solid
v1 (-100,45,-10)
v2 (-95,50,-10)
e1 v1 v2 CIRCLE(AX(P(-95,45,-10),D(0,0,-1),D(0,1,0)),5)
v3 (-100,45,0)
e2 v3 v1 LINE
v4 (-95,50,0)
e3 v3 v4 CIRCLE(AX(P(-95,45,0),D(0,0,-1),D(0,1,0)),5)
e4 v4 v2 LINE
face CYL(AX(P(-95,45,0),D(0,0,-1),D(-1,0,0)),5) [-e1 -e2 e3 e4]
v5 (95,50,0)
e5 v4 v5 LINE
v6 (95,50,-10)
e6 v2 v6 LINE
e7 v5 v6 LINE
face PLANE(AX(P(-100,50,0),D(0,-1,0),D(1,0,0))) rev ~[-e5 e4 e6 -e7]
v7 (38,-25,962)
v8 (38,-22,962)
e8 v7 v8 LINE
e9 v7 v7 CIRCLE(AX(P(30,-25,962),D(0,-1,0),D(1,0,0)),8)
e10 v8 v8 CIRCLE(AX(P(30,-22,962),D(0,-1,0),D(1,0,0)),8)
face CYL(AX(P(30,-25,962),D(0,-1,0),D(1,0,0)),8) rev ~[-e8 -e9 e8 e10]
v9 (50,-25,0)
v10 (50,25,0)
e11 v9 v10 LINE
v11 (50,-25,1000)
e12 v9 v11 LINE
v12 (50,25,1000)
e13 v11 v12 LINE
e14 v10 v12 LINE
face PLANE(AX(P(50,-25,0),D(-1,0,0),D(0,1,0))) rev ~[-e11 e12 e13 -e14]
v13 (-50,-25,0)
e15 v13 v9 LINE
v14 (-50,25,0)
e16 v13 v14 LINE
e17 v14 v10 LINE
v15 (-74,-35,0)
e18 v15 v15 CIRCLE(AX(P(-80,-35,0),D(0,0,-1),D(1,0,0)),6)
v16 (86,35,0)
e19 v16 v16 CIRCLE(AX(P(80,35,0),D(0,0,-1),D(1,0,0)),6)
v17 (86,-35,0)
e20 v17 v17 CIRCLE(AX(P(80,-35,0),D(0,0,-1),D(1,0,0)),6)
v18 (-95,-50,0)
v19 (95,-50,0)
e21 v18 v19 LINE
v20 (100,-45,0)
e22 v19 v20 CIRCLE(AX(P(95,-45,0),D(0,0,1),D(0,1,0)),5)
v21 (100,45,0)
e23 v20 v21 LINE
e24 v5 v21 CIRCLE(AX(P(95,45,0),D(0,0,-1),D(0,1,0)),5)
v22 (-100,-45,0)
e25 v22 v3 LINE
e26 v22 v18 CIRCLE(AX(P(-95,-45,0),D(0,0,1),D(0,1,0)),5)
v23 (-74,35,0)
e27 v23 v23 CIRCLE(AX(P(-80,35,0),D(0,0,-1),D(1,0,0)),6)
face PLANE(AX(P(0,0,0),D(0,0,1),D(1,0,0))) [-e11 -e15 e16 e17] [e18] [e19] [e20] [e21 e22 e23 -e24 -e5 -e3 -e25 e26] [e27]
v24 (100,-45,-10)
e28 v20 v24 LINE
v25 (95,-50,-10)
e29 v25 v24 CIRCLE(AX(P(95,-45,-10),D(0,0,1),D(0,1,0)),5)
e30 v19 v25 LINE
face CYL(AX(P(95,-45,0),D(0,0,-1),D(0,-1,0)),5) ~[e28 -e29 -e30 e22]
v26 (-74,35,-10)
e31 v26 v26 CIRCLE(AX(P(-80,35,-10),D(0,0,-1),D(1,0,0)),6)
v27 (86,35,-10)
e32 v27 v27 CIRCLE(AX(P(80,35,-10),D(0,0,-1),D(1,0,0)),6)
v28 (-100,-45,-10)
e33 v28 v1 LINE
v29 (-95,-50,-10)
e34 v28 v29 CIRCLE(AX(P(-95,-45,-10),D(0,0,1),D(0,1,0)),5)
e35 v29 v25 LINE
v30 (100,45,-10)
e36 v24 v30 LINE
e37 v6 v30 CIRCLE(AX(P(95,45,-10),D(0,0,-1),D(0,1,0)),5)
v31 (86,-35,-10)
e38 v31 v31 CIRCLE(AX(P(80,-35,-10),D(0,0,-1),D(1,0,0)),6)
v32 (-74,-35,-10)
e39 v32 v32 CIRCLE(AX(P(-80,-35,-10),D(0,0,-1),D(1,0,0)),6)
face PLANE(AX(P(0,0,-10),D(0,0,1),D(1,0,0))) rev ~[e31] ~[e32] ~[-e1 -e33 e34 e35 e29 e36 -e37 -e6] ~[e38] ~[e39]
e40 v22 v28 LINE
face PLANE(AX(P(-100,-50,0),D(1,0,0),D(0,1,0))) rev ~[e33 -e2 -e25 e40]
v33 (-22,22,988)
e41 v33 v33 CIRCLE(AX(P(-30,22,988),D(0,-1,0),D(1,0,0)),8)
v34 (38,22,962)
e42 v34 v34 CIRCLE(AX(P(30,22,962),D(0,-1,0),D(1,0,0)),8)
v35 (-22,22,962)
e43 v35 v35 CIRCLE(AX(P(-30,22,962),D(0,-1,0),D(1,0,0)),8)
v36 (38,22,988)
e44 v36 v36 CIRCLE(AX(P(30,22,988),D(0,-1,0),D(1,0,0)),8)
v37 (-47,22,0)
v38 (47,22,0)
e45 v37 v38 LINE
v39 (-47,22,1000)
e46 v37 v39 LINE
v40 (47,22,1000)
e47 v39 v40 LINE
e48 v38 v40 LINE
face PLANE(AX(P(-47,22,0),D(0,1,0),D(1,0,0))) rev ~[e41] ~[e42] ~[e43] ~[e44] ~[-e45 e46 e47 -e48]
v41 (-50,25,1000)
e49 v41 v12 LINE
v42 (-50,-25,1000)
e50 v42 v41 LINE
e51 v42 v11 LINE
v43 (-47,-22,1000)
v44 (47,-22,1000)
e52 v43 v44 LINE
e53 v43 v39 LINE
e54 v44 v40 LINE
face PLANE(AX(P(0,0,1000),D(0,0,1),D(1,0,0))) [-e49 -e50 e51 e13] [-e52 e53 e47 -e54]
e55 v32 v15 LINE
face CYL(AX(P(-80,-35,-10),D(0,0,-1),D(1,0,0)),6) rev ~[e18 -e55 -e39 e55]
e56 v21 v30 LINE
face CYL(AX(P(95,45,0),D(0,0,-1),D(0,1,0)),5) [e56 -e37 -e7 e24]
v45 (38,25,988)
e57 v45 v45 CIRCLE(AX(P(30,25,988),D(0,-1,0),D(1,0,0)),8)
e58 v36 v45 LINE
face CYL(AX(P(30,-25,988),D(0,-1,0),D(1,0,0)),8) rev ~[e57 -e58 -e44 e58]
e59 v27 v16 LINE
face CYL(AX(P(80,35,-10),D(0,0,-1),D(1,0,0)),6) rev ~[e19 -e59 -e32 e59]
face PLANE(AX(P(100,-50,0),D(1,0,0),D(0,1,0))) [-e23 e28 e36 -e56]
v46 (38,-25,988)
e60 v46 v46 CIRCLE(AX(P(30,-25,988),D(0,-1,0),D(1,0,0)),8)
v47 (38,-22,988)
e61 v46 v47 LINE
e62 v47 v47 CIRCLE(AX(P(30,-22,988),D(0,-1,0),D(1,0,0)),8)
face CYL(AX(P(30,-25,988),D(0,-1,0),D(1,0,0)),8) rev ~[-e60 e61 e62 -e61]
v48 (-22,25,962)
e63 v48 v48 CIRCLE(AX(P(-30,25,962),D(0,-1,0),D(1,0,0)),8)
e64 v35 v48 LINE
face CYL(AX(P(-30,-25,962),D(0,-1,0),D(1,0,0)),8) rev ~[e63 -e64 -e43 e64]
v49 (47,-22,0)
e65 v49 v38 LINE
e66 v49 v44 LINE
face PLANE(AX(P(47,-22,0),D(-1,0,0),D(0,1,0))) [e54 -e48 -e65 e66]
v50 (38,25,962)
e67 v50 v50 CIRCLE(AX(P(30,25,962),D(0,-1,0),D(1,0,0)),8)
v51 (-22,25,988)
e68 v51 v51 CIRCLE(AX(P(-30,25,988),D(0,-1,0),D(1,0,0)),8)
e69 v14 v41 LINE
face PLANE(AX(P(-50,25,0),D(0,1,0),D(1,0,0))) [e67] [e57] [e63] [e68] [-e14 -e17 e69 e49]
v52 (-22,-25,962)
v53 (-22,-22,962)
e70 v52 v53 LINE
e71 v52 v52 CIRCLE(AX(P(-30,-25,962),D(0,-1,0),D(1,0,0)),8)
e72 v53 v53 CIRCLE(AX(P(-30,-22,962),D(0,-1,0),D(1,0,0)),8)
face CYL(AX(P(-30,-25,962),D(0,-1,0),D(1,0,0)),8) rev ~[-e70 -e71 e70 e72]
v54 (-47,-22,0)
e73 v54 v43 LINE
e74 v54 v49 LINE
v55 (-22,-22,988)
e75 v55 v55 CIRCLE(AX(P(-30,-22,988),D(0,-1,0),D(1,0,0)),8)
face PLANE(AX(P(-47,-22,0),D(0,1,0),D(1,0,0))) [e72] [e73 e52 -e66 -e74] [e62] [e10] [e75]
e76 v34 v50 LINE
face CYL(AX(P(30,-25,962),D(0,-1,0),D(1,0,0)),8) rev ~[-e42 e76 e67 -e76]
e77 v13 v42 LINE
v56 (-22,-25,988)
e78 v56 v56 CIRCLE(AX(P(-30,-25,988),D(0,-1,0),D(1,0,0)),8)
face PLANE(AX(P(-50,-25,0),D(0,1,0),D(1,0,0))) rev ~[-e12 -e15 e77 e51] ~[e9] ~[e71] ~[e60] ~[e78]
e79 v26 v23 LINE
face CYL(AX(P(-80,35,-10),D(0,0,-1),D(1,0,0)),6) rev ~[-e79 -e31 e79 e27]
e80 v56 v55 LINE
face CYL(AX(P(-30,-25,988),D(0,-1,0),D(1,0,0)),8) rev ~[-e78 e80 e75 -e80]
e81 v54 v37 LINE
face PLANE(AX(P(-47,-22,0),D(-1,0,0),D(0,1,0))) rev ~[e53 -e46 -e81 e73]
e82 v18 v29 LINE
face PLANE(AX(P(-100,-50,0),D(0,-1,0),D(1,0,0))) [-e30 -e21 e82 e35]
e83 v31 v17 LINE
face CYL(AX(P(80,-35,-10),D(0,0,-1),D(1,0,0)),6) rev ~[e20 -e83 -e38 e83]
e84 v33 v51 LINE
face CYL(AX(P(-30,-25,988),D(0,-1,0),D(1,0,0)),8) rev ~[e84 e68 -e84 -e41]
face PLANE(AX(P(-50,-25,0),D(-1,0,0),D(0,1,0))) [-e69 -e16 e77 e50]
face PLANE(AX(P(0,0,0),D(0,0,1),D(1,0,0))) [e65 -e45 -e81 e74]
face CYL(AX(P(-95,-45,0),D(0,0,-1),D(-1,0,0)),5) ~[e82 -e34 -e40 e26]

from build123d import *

# Parameters (mm, degrees)
F0_W     = 100
F0_H     = 50
F0_W_2   = 94
F0_H_2   = 44
F1_DEPTH = 1000
F2_W     = 200
F2_H     = 100
F3_DEPTH = 10
F4_R     = 6
F5_DEPTH = 25
F6_R     = 5
F7_R     = 8
F8_DEPTH = 50


with BuildPart() as f1:
    # F0 (on Top) → F1 (new body)
    with BuildSketch(Plane.XY):
        Rectangle(F0_W, F0_H)
        Rectangle(F0_W_2, F0_H_2, mode=Mode.SUBTRACT)
    extrude(amount=F1_DEPTH)

    # F2 (on Top) → F3 (join)
    with BuildSketch(Plane.XY):
        Rectangle(F2_W, F2_H)
    extrude(amount=-F3_DEPTH)

    # F4 (on face) → F5 (cut)
    with BuildSketch(Plane(origin=(0, 0, -10), x_dir=(1, 0, 0), z_dir=(0, 0, -1))):
        with Locations((-80, 35)):
            Circle(F4_R)
        with Locations((-80, -35)):
            Circle(F4_R)
        with Locations((80, 35)):
            Circle(F4_R)
        with Locations((80, -35)):
            Circle(F4_R)
    extrude(amount=-F5_DEPTH, mode=Mode.SUBTRACT)

    # F6
    f6_edges = [f1.edges().sort_by_distance(p)[0] for p in [
        (100, -50, -5),
        (100, 50, -5),
        (-100, -50, -5),
        (-100, 50, -5),
    ]]
    fillet(f6_edges, radius=F6_R)

    # F7 (on face) → F8 (cut)
    with BuildSketch(Plane.XZ.offset(25)):
        with Locations((-30, 988)):
            Circle(F7_R)
        with Locations((30, 988)):
            Circle(F7_R)
        with Locations((30, 962)):
            Circle(F7_R)
        with Locations((-30, 962)):
            Circle(F7_R)
    extrude(amount=-F8_DEPTH, mode=Mode.SUBTRACT)


solid = f1.part
